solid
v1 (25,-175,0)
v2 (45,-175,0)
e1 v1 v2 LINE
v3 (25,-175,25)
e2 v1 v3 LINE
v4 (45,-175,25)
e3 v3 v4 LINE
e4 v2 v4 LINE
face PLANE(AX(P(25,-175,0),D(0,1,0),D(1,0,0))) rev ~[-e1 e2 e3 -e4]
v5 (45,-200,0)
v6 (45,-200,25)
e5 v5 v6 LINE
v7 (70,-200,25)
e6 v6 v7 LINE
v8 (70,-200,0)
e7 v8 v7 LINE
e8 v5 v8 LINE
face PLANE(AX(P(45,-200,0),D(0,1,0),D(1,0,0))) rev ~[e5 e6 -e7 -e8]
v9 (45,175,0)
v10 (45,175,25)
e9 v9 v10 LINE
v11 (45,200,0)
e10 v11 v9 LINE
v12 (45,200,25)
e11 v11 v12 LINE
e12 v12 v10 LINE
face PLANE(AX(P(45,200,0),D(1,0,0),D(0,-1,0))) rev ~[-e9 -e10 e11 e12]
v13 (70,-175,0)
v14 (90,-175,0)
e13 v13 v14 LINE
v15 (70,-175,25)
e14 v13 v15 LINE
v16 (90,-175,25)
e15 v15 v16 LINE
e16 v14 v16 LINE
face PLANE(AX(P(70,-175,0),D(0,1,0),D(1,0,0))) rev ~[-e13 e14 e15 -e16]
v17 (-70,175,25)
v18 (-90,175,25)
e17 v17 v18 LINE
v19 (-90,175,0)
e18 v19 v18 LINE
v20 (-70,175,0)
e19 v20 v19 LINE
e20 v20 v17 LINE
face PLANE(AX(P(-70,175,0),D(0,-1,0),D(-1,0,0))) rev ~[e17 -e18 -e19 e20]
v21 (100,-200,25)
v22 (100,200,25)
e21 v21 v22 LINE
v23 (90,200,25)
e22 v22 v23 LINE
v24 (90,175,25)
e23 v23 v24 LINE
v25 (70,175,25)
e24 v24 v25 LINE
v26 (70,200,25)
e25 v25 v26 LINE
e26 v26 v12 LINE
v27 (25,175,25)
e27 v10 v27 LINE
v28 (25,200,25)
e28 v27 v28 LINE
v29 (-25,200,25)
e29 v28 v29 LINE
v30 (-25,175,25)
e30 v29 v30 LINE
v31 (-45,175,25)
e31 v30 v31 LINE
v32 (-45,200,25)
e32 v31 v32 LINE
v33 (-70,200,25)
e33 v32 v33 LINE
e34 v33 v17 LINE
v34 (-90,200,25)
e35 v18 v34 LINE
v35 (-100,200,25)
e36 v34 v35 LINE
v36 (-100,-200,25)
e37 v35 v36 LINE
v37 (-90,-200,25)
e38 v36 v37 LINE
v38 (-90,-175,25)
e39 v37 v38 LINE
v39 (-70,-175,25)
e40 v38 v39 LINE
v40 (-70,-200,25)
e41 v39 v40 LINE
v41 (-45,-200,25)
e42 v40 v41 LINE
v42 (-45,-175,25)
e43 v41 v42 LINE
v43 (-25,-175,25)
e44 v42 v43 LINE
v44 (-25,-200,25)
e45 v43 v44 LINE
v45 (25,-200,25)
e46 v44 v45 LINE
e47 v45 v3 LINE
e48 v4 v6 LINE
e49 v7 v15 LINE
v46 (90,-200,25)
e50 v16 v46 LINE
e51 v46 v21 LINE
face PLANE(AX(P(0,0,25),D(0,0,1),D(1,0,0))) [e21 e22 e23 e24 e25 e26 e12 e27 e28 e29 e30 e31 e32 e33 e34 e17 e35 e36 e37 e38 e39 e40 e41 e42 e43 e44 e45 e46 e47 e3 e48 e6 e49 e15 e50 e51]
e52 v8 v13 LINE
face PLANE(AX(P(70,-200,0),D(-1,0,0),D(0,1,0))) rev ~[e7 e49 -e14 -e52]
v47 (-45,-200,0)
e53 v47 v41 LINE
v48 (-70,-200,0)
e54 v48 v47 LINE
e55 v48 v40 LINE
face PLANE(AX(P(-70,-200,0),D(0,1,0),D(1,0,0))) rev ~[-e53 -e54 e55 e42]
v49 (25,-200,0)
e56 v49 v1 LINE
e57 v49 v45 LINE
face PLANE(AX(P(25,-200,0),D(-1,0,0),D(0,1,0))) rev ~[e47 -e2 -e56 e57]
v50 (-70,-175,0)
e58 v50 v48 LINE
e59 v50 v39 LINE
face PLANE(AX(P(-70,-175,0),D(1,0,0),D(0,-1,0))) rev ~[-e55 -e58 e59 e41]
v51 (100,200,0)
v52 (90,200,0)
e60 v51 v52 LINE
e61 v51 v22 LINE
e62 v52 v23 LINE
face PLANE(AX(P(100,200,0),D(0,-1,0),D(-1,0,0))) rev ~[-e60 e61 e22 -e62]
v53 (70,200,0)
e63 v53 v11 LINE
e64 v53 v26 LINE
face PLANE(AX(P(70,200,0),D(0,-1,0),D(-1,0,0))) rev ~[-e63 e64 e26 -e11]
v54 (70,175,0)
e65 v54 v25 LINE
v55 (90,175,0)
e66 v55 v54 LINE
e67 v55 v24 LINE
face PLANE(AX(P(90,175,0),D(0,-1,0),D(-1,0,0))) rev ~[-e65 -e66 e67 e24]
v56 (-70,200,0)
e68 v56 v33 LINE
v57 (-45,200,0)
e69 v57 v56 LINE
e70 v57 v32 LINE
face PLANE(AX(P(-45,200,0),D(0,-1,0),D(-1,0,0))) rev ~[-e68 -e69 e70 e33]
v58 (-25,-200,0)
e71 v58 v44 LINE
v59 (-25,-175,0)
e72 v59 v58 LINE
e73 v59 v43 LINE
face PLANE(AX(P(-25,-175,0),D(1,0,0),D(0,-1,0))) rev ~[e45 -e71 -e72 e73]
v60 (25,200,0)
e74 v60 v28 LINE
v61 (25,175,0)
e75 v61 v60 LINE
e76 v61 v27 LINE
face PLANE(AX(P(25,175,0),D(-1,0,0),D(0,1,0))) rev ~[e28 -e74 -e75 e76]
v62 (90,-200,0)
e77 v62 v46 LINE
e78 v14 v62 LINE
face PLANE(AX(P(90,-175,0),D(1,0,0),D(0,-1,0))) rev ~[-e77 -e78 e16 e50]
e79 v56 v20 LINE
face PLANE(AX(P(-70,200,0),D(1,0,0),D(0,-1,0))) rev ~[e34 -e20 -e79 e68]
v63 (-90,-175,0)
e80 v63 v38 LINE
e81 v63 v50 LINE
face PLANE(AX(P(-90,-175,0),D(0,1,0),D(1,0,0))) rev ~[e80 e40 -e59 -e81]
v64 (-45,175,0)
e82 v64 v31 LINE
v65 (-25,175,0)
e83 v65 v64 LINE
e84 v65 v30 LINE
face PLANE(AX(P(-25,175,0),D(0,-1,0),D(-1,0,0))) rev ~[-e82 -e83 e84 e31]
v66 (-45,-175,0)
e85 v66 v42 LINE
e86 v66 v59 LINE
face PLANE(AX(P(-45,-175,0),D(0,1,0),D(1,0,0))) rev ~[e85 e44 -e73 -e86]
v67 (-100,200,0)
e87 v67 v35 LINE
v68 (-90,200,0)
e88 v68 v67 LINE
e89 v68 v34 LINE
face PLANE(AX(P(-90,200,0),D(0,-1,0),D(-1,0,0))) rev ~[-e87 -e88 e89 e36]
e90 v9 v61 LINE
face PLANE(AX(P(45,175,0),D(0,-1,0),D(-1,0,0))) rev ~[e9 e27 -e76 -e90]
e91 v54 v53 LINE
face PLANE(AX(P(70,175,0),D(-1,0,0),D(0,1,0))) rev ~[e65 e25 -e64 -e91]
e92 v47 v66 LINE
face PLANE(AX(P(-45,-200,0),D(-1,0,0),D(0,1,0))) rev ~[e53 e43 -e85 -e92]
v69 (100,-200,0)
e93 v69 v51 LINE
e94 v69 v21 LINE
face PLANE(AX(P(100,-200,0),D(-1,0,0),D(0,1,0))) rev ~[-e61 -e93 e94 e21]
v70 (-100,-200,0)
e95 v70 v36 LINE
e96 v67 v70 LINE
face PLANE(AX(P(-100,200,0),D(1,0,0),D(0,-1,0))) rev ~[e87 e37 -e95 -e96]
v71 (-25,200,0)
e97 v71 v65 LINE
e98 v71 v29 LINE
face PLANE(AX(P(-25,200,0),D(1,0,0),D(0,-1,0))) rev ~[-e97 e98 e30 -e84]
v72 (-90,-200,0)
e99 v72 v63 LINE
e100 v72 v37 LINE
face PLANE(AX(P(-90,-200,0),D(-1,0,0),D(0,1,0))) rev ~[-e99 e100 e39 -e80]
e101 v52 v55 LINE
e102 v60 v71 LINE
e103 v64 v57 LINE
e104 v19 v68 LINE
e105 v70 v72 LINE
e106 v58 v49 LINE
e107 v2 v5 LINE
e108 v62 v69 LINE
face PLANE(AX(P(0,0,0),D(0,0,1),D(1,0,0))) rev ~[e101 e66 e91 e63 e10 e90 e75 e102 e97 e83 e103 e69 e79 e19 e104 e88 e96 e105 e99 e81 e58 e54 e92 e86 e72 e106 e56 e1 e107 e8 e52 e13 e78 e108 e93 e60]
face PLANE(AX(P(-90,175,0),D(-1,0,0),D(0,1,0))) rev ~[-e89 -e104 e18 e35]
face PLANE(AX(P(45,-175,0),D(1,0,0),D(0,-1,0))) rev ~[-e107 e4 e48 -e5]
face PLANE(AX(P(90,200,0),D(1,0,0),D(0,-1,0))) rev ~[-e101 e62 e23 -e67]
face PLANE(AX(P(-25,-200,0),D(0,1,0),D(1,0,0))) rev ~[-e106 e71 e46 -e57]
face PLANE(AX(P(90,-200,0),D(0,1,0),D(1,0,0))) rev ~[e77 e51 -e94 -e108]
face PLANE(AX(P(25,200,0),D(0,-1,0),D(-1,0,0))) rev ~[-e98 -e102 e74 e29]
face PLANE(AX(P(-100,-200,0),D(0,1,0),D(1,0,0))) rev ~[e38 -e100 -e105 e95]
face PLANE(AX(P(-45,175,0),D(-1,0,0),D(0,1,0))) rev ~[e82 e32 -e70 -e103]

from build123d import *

# Parameters (mm, degrees)
F1_DEPTH = 25


with BuildPart() as f1:
    # F0 (on Top) → F1 (new body)
    with BuildSketch(Plane.XY):
        Polygon((90, -200), (100, -200), (100, -175), (100, 175), (100, 200), (90, 200), (90, 175), (70, 175), (70, 200), (45, 200), (45, 175), (25, 175), (25, 200), (-25, 200), (-25, 175), (-45, 175), (-45, 200), (-70, 200), (-70, 175), (-90, 175), (-90, 200), (-100, 200), (-100, 175), (-100, -175), (-100, -200), (-90, -200), (-90, -175), (-70, -175), (-70, -200), (-45, -200), (-45, -175), (-25, -175), (-25, -200), (25, -200), (25, -175), (45, -175), (45, -200), (70, -200), (70, -175), (90, -175), align=None)
    extrude(amount=F1_DEPTH)


solid = f1.part
